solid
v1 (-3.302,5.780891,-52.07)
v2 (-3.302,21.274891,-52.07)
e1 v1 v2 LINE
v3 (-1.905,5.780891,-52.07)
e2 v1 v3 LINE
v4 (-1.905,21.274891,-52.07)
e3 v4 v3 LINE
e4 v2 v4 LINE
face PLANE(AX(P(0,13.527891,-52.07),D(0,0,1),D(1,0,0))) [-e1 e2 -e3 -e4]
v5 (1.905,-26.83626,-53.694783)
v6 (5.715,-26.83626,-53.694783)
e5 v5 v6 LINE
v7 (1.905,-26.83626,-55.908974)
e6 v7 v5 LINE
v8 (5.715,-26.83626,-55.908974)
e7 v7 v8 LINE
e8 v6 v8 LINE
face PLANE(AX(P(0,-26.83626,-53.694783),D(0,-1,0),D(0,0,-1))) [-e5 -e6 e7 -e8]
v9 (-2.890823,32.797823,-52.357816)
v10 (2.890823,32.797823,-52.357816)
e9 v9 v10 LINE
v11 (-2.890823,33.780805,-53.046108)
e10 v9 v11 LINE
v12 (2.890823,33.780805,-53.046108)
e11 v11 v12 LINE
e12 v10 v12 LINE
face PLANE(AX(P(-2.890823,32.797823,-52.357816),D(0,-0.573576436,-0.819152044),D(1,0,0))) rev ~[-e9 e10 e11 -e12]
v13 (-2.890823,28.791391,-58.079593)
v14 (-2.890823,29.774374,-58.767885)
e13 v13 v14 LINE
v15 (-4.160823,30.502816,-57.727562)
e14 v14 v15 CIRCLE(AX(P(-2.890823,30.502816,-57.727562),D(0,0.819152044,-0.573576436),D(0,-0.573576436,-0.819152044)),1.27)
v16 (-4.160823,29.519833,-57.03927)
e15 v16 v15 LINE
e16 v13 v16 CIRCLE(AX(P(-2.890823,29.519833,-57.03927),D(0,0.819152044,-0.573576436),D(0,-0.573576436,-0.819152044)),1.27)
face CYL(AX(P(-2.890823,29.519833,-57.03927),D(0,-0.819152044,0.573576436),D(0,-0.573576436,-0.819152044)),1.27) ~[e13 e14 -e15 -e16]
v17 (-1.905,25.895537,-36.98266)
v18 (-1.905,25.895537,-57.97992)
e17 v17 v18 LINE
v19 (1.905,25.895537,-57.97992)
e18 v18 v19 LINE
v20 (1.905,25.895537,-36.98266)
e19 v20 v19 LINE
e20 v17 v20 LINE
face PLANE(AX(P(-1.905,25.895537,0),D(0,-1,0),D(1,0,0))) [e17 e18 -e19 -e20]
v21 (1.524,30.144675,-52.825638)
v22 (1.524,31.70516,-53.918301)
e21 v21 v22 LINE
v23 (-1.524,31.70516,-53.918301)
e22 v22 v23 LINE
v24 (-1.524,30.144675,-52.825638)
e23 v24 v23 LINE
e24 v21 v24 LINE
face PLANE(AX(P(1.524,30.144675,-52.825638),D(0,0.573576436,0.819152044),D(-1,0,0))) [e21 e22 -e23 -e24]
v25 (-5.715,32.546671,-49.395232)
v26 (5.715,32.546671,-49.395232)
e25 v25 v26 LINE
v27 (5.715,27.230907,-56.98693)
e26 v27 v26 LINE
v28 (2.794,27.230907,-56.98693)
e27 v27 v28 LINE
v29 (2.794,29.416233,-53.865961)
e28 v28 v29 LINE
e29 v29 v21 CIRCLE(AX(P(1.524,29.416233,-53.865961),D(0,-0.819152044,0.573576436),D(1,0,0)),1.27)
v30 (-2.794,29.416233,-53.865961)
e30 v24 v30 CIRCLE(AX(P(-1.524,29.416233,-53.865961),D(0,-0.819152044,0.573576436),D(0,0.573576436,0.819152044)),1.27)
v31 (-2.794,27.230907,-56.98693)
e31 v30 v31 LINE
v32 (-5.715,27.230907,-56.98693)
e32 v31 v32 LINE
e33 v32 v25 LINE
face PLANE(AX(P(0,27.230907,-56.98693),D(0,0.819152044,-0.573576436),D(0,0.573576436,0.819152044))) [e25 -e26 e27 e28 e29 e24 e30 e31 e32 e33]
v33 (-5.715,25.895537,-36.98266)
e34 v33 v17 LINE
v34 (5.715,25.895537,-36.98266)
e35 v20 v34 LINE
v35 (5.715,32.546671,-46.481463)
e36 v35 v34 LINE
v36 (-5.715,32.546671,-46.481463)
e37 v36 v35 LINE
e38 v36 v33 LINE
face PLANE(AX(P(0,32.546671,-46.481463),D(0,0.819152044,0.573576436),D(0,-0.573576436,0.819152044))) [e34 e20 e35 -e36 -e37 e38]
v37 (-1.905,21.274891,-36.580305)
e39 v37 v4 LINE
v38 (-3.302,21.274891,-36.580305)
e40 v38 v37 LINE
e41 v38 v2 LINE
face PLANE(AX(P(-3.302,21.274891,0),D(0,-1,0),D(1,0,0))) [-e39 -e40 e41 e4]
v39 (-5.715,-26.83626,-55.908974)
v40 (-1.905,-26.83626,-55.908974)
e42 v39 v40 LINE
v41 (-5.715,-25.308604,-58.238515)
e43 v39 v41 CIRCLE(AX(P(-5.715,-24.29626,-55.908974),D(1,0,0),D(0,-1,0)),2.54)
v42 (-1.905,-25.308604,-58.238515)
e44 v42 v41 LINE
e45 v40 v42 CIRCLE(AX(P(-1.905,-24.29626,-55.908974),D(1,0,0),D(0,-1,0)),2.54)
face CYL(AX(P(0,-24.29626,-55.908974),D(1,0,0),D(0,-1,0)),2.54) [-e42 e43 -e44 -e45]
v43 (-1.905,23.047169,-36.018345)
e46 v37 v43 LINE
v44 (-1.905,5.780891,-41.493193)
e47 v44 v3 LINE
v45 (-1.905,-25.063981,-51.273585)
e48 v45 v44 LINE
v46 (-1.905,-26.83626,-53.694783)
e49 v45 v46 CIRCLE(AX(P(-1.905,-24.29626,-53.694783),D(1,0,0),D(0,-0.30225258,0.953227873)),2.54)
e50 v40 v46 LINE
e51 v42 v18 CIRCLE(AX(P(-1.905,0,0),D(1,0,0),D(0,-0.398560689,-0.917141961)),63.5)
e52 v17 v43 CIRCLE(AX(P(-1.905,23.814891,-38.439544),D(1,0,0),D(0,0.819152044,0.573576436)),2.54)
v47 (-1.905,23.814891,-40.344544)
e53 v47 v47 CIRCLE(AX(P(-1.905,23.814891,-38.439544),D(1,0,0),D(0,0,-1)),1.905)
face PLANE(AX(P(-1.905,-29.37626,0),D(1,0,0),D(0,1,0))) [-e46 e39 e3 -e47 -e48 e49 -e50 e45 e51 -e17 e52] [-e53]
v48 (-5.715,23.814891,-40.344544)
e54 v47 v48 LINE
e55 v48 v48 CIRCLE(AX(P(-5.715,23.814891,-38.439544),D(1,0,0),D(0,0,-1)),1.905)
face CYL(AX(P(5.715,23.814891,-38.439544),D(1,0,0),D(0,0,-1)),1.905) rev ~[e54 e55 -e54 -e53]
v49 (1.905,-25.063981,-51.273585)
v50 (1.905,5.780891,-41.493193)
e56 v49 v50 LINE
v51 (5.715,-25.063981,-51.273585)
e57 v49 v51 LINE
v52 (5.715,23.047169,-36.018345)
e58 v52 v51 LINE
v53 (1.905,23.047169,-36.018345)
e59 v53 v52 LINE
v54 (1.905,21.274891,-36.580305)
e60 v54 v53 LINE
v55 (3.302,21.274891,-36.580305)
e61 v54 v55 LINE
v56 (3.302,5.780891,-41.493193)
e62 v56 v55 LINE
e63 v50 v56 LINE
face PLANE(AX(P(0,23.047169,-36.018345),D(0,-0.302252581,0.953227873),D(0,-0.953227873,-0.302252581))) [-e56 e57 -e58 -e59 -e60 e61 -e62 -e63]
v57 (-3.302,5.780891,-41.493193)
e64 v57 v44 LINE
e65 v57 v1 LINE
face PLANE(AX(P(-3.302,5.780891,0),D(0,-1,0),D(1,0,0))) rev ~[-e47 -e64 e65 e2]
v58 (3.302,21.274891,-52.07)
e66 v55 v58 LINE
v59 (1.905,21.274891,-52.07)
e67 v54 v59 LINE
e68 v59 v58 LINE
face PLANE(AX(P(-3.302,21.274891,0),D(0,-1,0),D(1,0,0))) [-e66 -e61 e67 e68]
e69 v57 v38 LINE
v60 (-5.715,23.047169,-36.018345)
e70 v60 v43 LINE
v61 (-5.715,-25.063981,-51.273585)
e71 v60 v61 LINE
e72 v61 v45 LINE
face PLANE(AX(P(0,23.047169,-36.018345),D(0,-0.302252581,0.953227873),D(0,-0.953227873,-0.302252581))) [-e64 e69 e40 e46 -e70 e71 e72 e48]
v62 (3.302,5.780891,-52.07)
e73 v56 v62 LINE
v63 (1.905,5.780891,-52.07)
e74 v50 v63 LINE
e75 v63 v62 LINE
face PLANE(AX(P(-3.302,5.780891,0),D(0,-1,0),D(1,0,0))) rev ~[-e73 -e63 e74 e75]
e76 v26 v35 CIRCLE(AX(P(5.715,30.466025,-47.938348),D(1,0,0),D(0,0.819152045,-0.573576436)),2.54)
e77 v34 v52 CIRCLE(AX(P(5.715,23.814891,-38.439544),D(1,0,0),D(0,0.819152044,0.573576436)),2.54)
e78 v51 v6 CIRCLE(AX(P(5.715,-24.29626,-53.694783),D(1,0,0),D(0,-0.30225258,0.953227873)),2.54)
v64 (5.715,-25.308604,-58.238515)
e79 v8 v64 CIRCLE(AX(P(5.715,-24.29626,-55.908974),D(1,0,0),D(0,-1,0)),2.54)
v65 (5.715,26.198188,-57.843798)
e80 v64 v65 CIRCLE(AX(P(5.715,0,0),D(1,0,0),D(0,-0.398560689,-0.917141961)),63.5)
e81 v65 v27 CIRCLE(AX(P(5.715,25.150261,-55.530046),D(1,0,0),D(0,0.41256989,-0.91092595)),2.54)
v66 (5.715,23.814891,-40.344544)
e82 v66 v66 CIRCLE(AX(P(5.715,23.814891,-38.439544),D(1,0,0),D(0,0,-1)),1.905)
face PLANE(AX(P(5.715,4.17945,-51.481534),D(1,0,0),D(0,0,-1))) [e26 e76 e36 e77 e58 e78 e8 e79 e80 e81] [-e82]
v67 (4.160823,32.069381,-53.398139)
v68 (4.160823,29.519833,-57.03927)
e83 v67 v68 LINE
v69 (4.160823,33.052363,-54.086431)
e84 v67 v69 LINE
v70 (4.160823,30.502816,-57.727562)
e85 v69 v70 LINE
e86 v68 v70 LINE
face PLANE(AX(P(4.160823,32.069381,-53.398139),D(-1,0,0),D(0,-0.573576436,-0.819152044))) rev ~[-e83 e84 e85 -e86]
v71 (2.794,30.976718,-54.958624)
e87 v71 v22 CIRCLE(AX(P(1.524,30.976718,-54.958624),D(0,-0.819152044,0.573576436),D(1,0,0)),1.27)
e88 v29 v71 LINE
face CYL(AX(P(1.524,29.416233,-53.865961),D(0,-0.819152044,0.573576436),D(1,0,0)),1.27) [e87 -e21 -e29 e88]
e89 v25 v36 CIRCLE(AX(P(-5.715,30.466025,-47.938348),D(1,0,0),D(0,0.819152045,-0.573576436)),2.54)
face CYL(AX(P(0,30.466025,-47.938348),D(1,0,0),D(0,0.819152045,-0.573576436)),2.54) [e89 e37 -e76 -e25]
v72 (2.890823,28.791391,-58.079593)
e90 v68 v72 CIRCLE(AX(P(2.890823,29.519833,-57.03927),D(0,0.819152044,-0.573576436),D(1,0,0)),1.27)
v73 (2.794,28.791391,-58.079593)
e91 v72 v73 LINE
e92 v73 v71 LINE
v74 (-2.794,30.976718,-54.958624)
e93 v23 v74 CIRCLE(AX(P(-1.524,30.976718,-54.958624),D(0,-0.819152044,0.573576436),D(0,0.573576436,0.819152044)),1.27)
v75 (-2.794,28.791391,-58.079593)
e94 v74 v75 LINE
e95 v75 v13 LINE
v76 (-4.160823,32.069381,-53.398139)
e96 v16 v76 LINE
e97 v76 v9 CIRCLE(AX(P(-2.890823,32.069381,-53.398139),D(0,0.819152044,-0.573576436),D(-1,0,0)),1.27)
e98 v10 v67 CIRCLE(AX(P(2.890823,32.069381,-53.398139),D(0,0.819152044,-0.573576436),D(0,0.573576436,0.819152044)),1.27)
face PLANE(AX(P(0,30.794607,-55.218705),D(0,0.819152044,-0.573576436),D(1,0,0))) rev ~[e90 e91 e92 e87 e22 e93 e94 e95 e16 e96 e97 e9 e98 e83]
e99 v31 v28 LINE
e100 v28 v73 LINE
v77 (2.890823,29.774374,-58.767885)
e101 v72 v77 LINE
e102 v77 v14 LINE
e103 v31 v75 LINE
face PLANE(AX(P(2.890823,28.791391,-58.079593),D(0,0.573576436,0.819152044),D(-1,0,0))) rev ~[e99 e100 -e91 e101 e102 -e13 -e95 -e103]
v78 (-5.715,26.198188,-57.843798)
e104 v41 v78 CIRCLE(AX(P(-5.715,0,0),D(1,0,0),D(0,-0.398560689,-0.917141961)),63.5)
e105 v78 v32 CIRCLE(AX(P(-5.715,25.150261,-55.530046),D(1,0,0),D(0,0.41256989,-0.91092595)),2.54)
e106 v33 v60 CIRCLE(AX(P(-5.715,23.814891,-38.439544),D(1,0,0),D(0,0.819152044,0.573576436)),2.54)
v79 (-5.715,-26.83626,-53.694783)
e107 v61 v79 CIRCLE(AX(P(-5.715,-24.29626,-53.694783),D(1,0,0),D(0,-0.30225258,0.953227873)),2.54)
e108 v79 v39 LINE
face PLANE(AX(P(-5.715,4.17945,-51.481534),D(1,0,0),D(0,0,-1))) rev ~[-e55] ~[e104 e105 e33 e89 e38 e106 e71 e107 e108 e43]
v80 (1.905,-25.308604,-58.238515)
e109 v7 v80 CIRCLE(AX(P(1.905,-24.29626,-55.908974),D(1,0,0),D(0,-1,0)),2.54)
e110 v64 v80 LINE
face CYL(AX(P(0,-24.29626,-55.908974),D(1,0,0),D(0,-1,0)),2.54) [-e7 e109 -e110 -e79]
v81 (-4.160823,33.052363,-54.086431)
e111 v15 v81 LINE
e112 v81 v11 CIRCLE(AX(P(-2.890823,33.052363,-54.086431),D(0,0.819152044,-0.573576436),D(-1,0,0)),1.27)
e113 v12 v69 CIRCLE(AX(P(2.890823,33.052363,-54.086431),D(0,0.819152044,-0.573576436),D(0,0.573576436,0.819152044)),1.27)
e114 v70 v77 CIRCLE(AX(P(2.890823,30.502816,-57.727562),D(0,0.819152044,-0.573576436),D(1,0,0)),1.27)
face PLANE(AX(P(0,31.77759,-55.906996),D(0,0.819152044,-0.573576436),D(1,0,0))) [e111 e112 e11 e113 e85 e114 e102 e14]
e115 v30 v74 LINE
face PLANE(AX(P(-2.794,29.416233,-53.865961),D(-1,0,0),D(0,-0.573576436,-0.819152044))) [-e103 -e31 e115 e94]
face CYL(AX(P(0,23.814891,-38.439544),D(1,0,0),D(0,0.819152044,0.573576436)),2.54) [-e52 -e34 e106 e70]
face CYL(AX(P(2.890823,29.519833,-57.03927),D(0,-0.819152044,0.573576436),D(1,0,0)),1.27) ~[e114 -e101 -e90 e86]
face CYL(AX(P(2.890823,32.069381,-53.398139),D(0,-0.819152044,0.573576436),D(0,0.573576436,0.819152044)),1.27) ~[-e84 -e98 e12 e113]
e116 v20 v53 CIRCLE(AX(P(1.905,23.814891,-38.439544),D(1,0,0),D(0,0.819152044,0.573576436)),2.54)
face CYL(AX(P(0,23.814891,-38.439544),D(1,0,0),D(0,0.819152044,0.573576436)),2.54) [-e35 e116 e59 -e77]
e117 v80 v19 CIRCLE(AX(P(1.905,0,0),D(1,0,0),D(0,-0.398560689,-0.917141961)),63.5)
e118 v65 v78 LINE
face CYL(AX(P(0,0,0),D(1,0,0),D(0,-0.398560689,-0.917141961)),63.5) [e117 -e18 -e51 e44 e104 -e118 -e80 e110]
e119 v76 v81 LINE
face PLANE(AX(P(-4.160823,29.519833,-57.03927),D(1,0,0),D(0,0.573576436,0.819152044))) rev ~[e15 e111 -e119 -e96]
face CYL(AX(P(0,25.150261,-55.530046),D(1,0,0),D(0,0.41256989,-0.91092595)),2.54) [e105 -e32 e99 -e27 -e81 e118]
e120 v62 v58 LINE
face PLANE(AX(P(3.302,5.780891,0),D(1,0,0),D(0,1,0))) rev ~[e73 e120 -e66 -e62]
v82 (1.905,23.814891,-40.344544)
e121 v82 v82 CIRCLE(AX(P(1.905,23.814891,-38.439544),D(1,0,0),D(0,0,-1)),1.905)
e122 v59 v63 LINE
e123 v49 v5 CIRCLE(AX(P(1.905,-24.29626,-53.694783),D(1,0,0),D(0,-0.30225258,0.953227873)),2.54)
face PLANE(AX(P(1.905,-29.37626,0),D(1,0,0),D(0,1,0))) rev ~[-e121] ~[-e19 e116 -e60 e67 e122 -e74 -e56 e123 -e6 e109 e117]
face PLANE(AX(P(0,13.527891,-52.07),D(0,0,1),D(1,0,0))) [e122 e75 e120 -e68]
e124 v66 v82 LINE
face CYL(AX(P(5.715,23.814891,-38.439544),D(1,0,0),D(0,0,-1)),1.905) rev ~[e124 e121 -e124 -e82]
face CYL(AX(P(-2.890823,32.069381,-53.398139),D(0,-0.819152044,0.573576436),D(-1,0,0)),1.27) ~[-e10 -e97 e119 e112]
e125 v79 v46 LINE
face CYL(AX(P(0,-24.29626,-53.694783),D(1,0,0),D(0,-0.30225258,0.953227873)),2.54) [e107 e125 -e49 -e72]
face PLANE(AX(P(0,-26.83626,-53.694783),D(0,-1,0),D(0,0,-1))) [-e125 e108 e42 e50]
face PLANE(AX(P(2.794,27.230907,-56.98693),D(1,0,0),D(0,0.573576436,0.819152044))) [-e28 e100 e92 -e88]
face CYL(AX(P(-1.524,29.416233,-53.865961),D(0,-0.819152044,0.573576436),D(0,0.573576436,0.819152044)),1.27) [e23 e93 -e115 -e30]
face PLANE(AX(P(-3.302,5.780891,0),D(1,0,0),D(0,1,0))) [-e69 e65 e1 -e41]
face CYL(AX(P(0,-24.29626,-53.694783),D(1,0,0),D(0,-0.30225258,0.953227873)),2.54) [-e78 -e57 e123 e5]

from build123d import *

# Parameters (mm, degrees)
BOSS_EXTRUDE1_DEPTH = 5.715
SKETCH4_W           = 3.81
SKETCH4_H           = 55.271796861
CUT_EXTRUDE3_DEPTH  = 72.793515752
SKETCH6_R           = 1.905
CUT_EXTRUDE5_DEPTH  = 73.472702303
SKETCH5_W           = 6.604
SKETCH5_H           = 15.494
CUT_EXTRUDE4_DEPTH  = 52.07
BOSS_EXTRUDE2_DEPTH = 1.905
BOSS_EXTRUDE3_DEPTH = 1.2


with BuildPart() as part:
    # Sketch1 → Boss-Extrude1 (new, symmetric)
    with BuildSketch(Plane(origin=(0, 0, 0), x_dir=(0, 0, -1), z_dir=(1, 0, 0))):
        with BuildLine():
            Line((56.986930037, 27.2309067), (49.395231729, 32.546671083))
            ThreePointArc((49.395231729, 32.546671083), (47.938347581, 33.00602489), (46.481463433, 32.546671083))
            Line((46.481463433, 32.546671083), (36.982659893, 25.89553724))
            ThreePointArc((36.982659893, 25.89553724), (36.033680051, 24.629396088), (36.018345244, 23.047169493))
            Line((36.018345244, 23.047169493), (51.273584689, -25.063981175))
            ThreePointArc((51.273584689, -25.063981175), (52.194518967, -26.3458465), (53.694783485, -26.836259621))
            Line((53.694783485, -26.836259621), (55.908973953, -26.836259621))
            ThreePointArc((55.908973953, -26.836259621), (57.301856909, -26.420283413), (58.238514534, -25.308603771))
            ThreePointArc((58.238514534, -25.308603771), (63.498135482, 0.4866111), (57.843797801, 26.198188029))
            ThreePointArc((57.843797801, 26.198188029), (57.484796778, 26.772157225), (56.986930037, 27.2309067))
        make_face()
    extrude(amount=BOSS_EXTRUDE1_DEPTH, both=True)

    # Sketch4 → Cut-Extrude3 (cut, through all)
    with BuildSketch(Plane.XY):
        with Locations((0, -1.74036119)):
            Rectangle(SKETCH4_W, SKETCH4_H)
    extrude(amount=-CUT_EXTRUDE3_DEPTH, mode=Mode.SUBTRACT)

    # Sketch6 → Cut-Extrude5 (cut, through all)
    with BuildSketch(Plane(origin=(5.715, 0, 0), x_dir=(0, 0, -1), z_dir=(1, 0, 0))):
        with Locations((38.439544041, 23.814891048)):
            Circle(SKETCH6_R)
    extrude(amount=-CUT_EXTRUDE5_DEPTH, mode=Mode.SUBTRACT)

    # Sketch5 → Cut-Extrude4 (cut)
    with BuildSketch(Plane.XY):
        with Locations((0, 13.527891048)):
            Rectangle(SKETCH5_W, SKETCH5_H)
    extrude(amount=-CUT_EXTRUDE4_DEPTH, mode=Mode.SUBTRACT)

    # Sketch7 → Boss-Extrude2 (add)
    with BuildSketch(Plane(origin=(0, 45.047311475, -31.542467071), x_dir=(1, 0, 0), z_dir=(0, 0.8191520442889956, -0.5735764363510407))):
        with BuildLine():
            Line((1.524, 25.981953814), (-1.524, 25.981953814))
            ThreePointArc((-1.524, 25.981953814), (-2.422025612, 26.353928202), (-2.794, 27.251953814))
            Line((-2.794, 27.251953814), (-2.794, 31.061953814))
            Line((-2.794, 31.061953814), (2.794, 31.061953814))
            Line((2.794, 31.061953814), (2.794, 27.251953814))
            ThreePointArc((2.794, 27.251953814), (2.422025612, 26.353928202), (1.524, 25.981953814))
        make_face()
    extrude(amount=BOSS_EXTRUDE2_DEPTH)

    # Sketch9 → Boss-Extrude3 (add)
    with BuildSketch(Plane(origin=(0, 46.607796119, -32.635130182), x_dir=(1, 0, 0), z_dir=(0, 0.8191520442889956, -0.5735764363510407))):
        with BuildLine():
            Line((2.890823379, 31.061953814), (-2.890823379, 31.061953814))
            ThreePointArc((-2.890823379, 31.061953814), (-3.788848991, 30.689979426), (-4.160823379, 29.791953814))
            Line((-4.160823379, 29.791953814), (-4.160823379, 25.346953814))
            ThreePointArc((-4.160823379, 25.346953814), (-3.788848991, 24.448928202), (-2.890823379, 24.076953814))
            Line((-2.890823379, 24.076953814), (2.890823379, 24.076953814))
            ThreePointArc((2.890823379, 24.076953814), (3.788848991, 24.448928202), (4.160823379, 25.346953814))
            Line((4.160823379, 25.346953814), (4.160823379, 29.791953814))
            ThreePointArc((4.160823379, 29.791953814), (3.788848991, 30.689979426), (2.890823379, 31.061953814))
        make_face()
    extrude(amount=BOSS_EXTRUDE3_DEPTH)


solid = part.part
